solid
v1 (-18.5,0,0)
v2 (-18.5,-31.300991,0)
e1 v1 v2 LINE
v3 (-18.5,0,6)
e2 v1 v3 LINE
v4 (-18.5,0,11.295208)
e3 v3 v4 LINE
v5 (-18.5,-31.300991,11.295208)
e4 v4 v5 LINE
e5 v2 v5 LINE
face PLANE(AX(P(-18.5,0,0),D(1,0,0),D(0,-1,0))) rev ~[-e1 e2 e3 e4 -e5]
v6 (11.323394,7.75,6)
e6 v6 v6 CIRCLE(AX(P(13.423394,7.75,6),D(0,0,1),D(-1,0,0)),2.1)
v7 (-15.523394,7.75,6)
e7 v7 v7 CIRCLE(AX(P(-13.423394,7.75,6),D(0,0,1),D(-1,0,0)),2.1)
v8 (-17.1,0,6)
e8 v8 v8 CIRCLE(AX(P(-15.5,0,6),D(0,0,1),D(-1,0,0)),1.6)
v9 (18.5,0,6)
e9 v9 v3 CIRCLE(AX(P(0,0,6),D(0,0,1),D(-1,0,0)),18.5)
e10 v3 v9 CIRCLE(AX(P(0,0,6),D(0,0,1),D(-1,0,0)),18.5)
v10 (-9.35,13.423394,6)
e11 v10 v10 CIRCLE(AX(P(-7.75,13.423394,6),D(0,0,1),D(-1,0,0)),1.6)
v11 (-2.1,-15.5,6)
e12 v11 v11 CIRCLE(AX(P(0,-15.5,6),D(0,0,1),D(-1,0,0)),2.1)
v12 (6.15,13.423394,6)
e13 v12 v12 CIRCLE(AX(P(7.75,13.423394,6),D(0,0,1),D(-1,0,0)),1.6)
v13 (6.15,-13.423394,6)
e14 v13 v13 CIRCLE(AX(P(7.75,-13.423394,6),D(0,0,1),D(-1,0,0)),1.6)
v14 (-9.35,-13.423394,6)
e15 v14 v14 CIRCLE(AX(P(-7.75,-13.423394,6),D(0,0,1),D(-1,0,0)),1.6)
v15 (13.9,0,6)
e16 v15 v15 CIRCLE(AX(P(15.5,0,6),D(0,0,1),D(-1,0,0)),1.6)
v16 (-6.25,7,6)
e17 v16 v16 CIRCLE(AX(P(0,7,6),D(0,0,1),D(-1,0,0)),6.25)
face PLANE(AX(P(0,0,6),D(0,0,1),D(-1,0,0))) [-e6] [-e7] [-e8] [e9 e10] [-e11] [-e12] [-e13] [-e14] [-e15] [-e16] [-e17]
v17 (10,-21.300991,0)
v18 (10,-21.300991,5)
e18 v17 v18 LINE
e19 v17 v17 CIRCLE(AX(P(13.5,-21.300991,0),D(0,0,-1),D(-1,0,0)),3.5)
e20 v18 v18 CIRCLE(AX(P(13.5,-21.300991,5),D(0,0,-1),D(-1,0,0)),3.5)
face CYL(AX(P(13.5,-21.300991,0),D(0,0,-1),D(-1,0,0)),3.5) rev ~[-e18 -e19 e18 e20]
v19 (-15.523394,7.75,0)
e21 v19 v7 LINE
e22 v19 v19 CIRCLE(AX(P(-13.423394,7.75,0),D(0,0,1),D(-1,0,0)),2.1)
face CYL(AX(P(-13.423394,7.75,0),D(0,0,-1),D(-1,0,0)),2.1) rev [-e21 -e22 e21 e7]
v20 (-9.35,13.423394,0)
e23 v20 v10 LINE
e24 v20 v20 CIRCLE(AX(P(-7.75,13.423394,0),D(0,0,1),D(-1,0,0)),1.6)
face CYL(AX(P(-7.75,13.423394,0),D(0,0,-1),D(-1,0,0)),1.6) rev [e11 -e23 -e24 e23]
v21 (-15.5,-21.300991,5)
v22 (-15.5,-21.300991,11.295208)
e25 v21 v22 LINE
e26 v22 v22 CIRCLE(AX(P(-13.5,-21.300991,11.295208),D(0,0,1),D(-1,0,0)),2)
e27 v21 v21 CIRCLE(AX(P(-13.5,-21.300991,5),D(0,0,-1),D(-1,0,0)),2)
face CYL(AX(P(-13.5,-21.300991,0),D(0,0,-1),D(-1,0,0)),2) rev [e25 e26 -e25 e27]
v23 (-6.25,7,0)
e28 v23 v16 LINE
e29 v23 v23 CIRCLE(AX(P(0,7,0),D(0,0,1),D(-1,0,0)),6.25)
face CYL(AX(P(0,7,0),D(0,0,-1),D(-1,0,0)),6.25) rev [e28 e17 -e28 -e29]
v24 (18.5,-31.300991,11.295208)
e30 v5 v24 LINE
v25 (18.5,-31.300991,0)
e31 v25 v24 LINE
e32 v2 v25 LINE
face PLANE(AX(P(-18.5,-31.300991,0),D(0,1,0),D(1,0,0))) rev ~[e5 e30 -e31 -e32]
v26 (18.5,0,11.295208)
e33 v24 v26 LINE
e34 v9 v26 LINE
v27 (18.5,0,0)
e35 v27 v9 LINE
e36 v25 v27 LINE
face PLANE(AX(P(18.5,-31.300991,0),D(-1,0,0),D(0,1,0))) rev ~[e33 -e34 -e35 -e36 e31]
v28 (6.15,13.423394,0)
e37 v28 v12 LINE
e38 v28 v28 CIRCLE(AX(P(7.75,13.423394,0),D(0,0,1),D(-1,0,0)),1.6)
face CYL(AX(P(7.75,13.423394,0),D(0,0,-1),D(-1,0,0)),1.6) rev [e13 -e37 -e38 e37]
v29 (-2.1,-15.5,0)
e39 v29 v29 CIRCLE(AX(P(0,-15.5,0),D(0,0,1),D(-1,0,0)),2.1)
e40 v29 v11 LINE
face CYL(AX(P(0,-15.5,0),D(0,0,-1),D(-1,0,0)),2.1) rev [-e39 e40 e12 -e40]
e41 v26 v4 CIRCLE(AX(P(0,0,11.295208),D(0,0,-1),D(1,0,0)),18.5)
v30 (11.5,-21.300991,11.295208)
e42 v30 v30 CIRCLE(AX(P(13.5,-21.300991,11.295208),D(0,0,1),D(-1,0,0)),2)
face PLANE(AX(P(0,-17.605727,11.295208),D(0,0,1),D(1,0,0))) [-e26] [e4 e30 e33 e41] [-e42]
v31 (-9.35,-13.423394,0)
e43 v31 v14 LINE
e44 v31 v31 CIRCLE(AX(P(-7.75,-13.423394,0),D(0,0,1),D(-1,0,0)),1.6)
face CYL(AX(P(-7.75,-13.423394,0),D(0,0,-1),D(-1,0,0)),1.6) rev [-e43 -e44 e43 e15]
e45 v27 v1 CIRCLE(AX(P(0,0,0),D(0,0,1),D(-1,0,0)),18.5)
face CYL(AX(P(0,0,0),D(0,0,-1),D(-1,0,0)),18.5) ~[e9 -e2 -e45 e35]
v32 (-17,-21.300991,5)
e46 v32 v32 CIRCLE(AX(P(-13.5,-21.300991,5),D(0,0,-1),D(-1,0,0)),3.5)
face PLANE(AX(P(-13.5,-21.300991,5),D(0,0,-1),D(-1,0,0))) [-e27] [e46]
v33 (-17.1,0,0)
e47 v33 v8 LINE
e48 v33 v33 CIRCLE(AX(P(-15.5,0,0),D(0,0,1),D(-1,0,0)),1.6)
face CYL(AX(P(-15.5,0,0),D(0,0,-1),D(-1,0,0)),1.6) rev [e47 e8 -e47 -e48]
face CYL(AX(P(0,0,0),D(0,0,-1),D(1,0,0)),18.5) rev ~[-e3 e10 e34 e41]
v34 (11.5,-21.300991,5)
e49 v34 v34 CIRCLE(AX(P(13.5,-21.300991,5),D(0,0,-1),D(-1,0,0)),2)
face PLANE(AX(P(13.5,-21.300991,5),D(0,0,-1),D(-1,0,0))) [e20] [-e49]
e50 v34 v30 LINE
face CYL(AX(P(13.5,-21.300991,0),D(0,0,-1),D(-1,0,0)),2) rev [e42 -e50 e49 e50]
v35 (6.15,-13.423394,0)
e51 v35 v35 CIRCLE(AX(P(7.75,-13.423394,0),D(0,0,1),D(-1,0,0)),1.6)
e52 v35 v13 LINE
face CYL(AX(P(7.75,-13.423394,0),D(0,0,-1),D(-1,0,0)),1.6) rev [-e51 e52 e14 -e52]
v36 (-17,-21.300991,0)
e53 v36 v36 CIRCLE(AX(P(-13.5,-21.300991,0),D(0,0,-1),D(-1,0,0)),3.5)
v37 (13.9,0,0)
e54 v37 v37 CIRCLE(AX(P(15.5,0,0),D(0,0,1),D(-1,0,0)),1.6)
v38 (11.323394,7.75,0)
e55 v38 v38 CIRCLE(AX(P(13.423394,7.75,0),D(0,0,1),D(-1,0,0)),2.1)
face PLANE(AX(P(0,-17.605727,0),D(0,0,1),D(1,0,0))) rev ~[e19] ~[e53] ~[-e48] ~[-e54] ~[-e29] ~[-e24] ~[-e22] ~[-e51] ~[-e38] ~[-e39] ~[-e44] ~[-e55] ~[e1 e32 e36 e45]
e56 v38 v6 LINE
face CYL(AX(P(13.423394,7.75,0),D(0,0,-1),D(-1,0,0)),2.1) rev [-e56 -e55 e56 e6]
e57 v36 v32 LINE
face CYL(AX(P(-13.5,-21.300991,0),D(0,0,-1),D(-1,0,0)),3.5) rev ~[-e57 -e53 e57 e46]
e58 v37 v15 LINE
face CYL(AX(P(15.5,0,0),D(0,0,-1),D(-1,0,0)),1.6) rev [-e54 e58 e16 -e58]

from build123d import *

# Parameters (mm, degrees)
SKETCH1_R           = 18.5
SKETCH1_R_2         = 6.25
SKETCH1_R_3         = 1.6
SKETCH1_R_4         = 2.1
BOSS_EXTRUDE1_DEPTH = 6
BOSS_EXTRUDE2_START = -6
SKETCH3_R           = 2
BOSS_EXTRUDE2_DEPTH = 11.295208
SKETCH4_R           = 3.5
CUT_EXTRUDE1_DEPTH  = 5


with BuildPart() as part:
    # Sketch1 → Boss-Extrude1 (new body)
    with BuildSketch(Plane.XY):
        with Locations(Location((0, 0, 0), (0, 0, 180))):
            Circle(SKETCH1_R)
        with Locations(Location((0, 7, 0), (0, 0, 180))):
            Circle(SKETCH1_R_2, mode=Mode.SUBTRACT)
        with Locations(Location((15.5, 0, 0), (0, 0, 180))):
            Circle(SKETCH1_R_3, mode=Mode.SUBTRACT)
        with Locations(Location((7.75, -13.423393759, 0), (0, 0, 180))):
            Circle(SKETCH1_R_3, mode=Mode.SUBTRACT)
        with Locations(Location((-7.75, -13.423393759, 0), (0, 0, 180))):
            Circle(SKETCH1_R_3, mode=Mode.SUBTRACT)
        with Locations(Location((-15.5, 0, 0), (0, 0, 180))):
            Circle(SKETCH1_R_3, mode=Mode.SUBTRACT)
        with Locations(Location((-7.75, 13.423393759, 0), (0, 0, 180))):
            Circle(SKETCH1_R_3, mode=Mode.SUBTRACT)
        with Locations(Location((7.75, 13.423393759, 0), (0, 0, 180))):
            Circle(SKETCH1_R_3, mode=Mode.SUBTRACT)
        with Locations(Location((13.423393759, 7.75, 0), (0, 0, 180))):
            Circle(SKETCH1_R_4, mode=Mode.SUBTRACT)
        with Locations(Location((0, -15.5, 0), (0, 0, 180))):
            Circle(SKETCH1_R_4, mode=Mode.SUBTRACT)
        with Locations(Location((-13.423393759, 7.75, 0), (0, 0, 180))):
            Circle(SKETCH1_R_4, mode=Mode.SUBTRACT)
    extrude(amount=BOSS_EXTRUDE1_DEPTH)

    # Sketch3 → Boss-Extrude2 (add)
    with BuildSketch(Plane.XY.offset(6).offset(BOSS_EXTRUDE2_START)):
        with BuildLine():
            ThreePointArc((18.5, 0), (0, -18.5), (-18.5, 0))
            Line((-18.5, 0), (-18.5, -31.300991))
            Line((-18.5, -31.300991), (18.5, -31.300991))
            Line((18.5, -31.300991), (18.5, 0))
        make_face()
        with Locations(Location((-13.5, -21.300991, 0), (0, 0, 180))):
            Circle(SKETCH3_R, mode=Mode.SUBTRACT)
        with Locations(Location((13.5, -21.300991, 0), (0, 0, 180))):
            Circle(SKETCH3_R, mode=Mode.SUBTRACT)
    extrude(amount=BOSS_EXTRUDE2_DEPTH)

    # Sketch4 → Cut-Extrude1 (cut)
    with BuildSketch(Plane(origin=(0, 0, 0), x_dir=(-1, 0, 0), z_dir=(0, 0, -1))):
        with Locations((-13.5, -21.300991)):
            Circle(SKETCH4_R)
        with Locations((13.5, -21.300991)):
            Circle(SKETCH4_R)
    extrude(amount=-CUT_EXTRUDE1_DEPTH, mode=Mode.SUBTRACT)


solid = part.part
